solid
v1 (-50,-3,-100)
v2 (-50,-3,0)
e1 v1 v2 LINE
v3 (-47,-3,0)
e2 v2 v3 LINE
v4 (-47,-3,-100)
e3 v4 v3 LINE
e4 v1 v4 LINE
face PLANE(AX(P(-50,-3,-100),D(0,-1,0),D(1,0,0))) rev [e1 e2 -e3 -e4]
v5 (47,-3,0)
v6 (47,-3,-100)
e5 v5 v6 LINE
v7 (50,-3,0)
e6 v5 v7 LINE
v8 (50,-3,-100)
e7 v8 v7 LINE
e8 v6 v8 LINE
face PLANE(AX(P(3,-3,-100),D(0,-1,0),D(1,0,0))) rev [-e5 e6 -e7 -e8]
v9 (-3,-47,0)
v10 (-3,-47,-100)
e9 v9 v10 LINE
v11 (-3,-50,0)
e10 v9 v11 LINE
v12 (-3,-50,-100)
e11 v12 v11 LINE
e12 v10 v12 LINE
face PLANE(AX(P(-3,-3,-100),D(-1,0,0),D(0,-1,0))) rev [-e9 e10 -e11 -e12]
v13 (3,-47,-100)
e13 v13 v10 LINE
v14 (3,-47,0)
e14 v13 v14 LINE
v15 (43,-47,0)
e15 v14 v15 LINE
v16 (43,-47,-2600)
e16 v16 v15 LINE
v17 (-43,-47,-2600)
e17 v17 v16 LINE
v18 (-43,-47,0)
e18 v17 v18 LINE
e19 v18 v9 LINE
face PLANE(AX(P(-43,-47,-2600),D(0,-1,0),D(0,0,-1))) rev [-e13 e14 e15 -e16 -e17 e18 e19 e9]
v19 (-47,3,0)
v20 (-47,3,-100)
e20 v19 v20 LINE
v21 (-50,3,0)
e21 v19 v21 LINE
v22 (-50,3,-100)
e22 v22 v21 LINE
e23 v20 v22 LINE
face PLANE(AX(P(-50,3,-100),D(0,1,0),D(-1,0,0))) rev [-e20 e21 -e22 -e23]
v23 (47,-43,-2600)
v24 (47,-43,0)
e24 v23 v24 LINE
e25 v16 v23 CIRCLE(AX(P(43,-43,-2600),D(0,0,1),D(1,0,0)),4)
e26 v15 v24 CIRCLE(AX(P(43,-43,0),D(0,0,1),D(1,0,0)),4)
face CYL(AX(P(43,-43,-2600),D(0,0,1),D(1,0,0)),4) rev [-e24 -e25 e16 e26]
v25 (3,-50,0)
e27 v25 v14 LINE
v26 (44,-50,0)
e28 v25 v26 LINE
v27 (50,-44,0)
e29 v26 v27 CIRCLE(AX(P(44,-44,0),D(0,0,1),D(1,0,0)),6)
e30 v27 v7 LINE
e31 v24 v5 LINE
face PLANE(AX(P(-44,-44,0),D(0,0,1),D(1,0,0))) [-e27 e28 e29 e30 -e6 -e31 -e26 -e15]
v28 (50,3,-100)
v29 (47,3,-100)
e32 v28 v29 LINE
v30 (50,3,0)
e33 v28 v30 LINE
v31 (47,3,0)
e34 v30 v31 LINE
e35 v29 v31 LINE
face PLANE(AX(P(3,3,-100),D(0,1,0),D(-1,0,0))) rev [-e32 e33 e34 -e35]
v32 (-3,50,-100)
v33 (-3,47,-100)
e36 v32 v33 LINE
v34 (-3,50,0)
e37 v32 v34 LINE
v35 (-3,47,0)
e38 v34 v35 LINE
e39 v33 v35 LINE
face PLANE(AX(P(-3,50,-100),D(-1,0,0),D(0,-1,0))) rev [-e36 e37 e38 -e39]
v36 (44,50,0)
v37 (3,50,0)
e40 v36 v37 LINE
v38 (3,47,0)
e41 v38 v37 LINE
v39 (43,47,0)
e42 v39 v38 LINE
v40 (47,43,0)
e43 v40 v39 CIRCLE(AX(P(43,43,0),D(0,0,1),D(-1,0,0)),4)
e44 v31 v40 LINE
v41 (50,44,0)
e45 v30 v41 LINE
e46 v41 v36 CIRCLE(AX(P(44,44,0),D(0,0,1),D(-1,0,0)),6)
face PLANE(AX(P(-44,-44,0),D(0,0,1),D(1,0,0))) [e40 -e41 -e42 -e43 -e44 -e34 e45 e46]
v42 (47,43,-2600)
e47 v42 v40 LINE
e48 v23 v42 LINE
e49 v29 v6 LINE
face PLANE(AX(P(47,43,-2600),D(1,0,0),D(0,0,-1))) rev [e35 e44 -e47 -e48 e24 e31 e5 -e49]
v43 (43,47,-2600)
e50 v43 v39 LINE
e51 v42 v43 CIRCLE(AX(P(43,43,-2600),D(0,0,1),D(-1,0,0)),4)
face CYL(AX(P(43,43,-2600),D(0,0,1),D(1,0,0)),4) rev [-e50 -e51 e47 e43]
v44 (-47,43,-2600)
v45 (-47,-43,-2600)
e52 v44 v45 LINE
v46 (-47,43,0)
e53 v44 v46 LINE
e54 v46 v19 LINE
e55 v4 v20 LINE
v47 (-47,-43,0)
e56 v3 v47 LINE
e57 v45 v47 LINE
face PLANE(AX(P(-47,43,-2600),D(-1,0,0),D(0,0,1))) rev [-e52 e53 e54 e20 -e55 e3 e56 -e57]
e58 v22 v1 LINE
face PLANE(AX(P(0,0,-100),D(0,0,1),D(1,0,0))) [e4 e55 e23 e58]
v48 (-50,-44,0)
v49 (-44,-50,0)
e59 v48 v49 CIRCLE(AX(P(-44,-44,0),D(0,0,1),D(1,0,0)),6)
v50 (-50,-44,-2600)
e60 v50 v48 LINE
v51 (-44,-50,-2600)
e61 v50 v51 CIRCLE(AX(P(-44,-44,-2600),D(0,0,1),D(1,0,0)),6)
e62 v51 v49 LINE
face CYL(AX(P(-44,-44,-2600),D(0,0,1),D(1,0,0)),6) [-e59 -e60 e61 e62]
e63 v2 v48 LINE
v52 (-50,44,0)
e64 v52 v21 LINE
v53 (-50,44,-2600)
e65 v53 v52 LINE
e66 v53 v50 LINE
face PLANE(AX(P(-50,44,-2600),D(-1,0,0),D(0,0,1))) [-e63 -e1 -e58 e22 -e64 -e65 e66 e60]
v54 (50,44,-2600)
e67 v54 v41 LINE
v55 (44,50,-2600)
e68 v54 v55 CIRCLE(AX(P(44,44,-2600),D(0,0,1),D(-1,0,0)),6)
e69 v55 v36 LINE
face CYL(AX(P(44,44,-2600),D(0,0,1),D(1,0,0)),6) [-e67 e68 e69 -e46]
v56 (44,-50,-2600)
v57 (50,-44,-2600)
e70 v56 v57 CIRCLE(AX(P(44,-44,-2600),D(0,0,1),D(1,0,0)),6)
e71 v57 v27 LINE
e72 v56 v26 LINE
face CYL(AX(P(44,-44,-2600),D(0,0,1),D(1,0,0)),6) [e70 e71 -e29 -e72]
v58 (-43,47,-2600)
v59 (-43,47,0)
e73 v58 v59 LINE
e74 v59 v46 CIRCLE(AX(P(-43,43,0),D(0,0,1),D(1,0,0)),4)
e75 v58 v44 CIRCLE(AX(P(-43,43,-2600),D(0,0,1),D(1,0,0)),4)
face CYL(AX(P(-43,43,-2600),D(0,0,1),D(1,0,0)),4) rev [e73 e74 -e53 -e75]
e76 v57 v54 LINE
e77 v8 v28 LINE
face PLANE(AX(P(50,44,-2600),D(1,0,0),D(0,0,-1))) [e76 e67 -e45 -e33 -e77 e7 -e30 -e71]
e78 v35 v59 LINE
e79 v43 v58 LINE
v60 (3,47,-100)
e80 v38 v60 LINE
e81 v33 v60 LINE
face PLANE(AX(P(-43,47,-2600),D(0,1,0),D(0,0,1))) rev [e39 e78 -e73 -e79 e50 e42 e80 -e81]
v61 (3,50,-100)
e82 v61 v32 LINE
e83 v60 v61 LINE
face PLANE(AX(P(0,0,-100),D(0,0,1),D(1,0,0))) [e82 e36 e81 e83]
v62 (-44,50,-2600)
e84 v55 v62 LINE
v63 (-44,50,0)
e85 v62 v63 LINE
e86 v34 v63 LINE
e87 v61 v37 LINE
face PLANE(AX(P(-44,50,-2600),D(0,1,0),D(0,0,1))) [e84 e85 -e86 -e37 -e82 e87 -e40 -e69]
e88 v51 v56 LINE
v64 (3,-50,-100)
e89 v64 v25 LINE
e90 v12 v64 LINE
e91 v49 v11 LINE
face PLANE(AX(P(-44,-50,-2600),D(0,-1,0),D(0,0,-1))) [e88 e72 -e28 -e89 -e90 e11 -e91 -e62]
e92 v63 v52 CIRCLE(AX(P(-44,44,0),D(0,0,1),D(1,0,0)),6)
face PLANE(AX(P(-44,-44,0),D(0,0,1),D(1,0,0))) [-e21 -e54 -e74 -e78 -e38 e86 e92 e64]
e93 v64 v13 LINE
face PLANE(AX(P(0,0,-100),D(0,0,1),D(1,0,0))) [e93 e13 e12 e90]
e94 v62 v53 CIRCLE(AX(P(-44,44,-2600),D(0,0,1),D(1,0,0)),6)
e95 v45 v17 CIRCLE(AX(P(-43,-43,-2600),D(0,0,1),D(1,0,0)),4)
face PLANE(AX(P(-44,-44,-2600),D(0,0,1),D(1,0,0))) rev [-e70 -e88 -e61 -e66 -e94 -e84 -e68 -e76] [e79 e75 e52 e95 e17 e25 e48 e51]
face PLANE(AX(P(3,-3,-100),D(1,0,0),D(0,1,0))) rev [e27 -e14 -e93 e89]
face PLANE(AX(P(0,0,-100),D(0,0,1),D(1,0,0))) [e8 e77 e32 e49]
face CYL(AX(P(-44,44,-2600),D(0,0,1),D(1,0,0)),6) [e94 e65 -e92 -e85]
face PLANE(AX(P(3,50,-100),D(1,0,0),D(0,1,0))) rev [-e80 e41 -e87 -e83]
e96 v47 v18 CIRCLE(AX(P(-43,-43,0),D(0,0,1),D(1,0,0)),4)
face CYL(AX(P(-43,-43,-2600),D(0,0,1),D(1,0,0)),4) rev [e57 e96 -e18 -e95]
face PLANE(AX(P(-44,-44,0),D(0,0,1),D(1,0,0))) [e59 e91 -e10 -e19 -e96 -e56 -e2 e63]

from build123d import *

# Parameters (mm, degrees)
EXTRUDE_1_DEPTH     = 2600
CUT_EXTRUDE_1_DEPTH = 100


with BuildPart() as part:
    # Эскиз1 → Бобышка-Вытянуть1 (new body)
    with BuildSketch(Plane.XY):
        with BuildLine():
            Line((-44, 50), (44, 50))
            ThreePointArc((44, 50), (48.242640687, 48.242640687), (50, 44))
            Line((50, 44), (50, -44))
            ThreePointArc((50, -44), (48.242640687, -48.242640687), (44, -50))
            Line((44, -50), (-44, -50))
            ThreePointArc((-44, -50), (-48.242640687, -48.242640687), (-50, -44))
            Line((-50, -44), (-50, 44))
            ThreePointArc((-50, 44), (-48.242640687, 48.242640687), (-44, 50))
        make_face()
        with BuildLine():
            Line((-43, 47), (43, 47))
            ThreePointArc((43, 47), (45.828427125, 45.828427125), (47, 43))
            Line((47, 43), (47, -43))
            ThreePointArc((47, -43), (45.828427125, -45.828427125), (43, -47))
            Line((43, -47), (-43, -47))
            ThreePointArc((-43, -47), (-45.828427125, -45.828427125), (-47, -43))
            Line((-47, -43), (-47, 43))
            ThreePointArc((-47, 43), (-45.828427125, 45.828427125), (-43, 47))
        make_face(mode=Mode.SUBTRACT)
    extrude(amount=-EXTRUDE_1_DEPTH)

    # Эскиз2 → Вырез-Вытянуть1 (cut)
    with BuildSketch(Plane.XY):
        Polygon((-50, 3), (-3, 3), (-3, 50), (3, 50), (3, 3), (50, 3), (50, -3), (3, -3), (3, -50), (-3, -50), (-3, -3), (-50, -3), align=None)
    extrude(amount=-CUT_EXTRUDE_1_DEPTH, mode=Mode.SUBTRACT)


solid = part.part
